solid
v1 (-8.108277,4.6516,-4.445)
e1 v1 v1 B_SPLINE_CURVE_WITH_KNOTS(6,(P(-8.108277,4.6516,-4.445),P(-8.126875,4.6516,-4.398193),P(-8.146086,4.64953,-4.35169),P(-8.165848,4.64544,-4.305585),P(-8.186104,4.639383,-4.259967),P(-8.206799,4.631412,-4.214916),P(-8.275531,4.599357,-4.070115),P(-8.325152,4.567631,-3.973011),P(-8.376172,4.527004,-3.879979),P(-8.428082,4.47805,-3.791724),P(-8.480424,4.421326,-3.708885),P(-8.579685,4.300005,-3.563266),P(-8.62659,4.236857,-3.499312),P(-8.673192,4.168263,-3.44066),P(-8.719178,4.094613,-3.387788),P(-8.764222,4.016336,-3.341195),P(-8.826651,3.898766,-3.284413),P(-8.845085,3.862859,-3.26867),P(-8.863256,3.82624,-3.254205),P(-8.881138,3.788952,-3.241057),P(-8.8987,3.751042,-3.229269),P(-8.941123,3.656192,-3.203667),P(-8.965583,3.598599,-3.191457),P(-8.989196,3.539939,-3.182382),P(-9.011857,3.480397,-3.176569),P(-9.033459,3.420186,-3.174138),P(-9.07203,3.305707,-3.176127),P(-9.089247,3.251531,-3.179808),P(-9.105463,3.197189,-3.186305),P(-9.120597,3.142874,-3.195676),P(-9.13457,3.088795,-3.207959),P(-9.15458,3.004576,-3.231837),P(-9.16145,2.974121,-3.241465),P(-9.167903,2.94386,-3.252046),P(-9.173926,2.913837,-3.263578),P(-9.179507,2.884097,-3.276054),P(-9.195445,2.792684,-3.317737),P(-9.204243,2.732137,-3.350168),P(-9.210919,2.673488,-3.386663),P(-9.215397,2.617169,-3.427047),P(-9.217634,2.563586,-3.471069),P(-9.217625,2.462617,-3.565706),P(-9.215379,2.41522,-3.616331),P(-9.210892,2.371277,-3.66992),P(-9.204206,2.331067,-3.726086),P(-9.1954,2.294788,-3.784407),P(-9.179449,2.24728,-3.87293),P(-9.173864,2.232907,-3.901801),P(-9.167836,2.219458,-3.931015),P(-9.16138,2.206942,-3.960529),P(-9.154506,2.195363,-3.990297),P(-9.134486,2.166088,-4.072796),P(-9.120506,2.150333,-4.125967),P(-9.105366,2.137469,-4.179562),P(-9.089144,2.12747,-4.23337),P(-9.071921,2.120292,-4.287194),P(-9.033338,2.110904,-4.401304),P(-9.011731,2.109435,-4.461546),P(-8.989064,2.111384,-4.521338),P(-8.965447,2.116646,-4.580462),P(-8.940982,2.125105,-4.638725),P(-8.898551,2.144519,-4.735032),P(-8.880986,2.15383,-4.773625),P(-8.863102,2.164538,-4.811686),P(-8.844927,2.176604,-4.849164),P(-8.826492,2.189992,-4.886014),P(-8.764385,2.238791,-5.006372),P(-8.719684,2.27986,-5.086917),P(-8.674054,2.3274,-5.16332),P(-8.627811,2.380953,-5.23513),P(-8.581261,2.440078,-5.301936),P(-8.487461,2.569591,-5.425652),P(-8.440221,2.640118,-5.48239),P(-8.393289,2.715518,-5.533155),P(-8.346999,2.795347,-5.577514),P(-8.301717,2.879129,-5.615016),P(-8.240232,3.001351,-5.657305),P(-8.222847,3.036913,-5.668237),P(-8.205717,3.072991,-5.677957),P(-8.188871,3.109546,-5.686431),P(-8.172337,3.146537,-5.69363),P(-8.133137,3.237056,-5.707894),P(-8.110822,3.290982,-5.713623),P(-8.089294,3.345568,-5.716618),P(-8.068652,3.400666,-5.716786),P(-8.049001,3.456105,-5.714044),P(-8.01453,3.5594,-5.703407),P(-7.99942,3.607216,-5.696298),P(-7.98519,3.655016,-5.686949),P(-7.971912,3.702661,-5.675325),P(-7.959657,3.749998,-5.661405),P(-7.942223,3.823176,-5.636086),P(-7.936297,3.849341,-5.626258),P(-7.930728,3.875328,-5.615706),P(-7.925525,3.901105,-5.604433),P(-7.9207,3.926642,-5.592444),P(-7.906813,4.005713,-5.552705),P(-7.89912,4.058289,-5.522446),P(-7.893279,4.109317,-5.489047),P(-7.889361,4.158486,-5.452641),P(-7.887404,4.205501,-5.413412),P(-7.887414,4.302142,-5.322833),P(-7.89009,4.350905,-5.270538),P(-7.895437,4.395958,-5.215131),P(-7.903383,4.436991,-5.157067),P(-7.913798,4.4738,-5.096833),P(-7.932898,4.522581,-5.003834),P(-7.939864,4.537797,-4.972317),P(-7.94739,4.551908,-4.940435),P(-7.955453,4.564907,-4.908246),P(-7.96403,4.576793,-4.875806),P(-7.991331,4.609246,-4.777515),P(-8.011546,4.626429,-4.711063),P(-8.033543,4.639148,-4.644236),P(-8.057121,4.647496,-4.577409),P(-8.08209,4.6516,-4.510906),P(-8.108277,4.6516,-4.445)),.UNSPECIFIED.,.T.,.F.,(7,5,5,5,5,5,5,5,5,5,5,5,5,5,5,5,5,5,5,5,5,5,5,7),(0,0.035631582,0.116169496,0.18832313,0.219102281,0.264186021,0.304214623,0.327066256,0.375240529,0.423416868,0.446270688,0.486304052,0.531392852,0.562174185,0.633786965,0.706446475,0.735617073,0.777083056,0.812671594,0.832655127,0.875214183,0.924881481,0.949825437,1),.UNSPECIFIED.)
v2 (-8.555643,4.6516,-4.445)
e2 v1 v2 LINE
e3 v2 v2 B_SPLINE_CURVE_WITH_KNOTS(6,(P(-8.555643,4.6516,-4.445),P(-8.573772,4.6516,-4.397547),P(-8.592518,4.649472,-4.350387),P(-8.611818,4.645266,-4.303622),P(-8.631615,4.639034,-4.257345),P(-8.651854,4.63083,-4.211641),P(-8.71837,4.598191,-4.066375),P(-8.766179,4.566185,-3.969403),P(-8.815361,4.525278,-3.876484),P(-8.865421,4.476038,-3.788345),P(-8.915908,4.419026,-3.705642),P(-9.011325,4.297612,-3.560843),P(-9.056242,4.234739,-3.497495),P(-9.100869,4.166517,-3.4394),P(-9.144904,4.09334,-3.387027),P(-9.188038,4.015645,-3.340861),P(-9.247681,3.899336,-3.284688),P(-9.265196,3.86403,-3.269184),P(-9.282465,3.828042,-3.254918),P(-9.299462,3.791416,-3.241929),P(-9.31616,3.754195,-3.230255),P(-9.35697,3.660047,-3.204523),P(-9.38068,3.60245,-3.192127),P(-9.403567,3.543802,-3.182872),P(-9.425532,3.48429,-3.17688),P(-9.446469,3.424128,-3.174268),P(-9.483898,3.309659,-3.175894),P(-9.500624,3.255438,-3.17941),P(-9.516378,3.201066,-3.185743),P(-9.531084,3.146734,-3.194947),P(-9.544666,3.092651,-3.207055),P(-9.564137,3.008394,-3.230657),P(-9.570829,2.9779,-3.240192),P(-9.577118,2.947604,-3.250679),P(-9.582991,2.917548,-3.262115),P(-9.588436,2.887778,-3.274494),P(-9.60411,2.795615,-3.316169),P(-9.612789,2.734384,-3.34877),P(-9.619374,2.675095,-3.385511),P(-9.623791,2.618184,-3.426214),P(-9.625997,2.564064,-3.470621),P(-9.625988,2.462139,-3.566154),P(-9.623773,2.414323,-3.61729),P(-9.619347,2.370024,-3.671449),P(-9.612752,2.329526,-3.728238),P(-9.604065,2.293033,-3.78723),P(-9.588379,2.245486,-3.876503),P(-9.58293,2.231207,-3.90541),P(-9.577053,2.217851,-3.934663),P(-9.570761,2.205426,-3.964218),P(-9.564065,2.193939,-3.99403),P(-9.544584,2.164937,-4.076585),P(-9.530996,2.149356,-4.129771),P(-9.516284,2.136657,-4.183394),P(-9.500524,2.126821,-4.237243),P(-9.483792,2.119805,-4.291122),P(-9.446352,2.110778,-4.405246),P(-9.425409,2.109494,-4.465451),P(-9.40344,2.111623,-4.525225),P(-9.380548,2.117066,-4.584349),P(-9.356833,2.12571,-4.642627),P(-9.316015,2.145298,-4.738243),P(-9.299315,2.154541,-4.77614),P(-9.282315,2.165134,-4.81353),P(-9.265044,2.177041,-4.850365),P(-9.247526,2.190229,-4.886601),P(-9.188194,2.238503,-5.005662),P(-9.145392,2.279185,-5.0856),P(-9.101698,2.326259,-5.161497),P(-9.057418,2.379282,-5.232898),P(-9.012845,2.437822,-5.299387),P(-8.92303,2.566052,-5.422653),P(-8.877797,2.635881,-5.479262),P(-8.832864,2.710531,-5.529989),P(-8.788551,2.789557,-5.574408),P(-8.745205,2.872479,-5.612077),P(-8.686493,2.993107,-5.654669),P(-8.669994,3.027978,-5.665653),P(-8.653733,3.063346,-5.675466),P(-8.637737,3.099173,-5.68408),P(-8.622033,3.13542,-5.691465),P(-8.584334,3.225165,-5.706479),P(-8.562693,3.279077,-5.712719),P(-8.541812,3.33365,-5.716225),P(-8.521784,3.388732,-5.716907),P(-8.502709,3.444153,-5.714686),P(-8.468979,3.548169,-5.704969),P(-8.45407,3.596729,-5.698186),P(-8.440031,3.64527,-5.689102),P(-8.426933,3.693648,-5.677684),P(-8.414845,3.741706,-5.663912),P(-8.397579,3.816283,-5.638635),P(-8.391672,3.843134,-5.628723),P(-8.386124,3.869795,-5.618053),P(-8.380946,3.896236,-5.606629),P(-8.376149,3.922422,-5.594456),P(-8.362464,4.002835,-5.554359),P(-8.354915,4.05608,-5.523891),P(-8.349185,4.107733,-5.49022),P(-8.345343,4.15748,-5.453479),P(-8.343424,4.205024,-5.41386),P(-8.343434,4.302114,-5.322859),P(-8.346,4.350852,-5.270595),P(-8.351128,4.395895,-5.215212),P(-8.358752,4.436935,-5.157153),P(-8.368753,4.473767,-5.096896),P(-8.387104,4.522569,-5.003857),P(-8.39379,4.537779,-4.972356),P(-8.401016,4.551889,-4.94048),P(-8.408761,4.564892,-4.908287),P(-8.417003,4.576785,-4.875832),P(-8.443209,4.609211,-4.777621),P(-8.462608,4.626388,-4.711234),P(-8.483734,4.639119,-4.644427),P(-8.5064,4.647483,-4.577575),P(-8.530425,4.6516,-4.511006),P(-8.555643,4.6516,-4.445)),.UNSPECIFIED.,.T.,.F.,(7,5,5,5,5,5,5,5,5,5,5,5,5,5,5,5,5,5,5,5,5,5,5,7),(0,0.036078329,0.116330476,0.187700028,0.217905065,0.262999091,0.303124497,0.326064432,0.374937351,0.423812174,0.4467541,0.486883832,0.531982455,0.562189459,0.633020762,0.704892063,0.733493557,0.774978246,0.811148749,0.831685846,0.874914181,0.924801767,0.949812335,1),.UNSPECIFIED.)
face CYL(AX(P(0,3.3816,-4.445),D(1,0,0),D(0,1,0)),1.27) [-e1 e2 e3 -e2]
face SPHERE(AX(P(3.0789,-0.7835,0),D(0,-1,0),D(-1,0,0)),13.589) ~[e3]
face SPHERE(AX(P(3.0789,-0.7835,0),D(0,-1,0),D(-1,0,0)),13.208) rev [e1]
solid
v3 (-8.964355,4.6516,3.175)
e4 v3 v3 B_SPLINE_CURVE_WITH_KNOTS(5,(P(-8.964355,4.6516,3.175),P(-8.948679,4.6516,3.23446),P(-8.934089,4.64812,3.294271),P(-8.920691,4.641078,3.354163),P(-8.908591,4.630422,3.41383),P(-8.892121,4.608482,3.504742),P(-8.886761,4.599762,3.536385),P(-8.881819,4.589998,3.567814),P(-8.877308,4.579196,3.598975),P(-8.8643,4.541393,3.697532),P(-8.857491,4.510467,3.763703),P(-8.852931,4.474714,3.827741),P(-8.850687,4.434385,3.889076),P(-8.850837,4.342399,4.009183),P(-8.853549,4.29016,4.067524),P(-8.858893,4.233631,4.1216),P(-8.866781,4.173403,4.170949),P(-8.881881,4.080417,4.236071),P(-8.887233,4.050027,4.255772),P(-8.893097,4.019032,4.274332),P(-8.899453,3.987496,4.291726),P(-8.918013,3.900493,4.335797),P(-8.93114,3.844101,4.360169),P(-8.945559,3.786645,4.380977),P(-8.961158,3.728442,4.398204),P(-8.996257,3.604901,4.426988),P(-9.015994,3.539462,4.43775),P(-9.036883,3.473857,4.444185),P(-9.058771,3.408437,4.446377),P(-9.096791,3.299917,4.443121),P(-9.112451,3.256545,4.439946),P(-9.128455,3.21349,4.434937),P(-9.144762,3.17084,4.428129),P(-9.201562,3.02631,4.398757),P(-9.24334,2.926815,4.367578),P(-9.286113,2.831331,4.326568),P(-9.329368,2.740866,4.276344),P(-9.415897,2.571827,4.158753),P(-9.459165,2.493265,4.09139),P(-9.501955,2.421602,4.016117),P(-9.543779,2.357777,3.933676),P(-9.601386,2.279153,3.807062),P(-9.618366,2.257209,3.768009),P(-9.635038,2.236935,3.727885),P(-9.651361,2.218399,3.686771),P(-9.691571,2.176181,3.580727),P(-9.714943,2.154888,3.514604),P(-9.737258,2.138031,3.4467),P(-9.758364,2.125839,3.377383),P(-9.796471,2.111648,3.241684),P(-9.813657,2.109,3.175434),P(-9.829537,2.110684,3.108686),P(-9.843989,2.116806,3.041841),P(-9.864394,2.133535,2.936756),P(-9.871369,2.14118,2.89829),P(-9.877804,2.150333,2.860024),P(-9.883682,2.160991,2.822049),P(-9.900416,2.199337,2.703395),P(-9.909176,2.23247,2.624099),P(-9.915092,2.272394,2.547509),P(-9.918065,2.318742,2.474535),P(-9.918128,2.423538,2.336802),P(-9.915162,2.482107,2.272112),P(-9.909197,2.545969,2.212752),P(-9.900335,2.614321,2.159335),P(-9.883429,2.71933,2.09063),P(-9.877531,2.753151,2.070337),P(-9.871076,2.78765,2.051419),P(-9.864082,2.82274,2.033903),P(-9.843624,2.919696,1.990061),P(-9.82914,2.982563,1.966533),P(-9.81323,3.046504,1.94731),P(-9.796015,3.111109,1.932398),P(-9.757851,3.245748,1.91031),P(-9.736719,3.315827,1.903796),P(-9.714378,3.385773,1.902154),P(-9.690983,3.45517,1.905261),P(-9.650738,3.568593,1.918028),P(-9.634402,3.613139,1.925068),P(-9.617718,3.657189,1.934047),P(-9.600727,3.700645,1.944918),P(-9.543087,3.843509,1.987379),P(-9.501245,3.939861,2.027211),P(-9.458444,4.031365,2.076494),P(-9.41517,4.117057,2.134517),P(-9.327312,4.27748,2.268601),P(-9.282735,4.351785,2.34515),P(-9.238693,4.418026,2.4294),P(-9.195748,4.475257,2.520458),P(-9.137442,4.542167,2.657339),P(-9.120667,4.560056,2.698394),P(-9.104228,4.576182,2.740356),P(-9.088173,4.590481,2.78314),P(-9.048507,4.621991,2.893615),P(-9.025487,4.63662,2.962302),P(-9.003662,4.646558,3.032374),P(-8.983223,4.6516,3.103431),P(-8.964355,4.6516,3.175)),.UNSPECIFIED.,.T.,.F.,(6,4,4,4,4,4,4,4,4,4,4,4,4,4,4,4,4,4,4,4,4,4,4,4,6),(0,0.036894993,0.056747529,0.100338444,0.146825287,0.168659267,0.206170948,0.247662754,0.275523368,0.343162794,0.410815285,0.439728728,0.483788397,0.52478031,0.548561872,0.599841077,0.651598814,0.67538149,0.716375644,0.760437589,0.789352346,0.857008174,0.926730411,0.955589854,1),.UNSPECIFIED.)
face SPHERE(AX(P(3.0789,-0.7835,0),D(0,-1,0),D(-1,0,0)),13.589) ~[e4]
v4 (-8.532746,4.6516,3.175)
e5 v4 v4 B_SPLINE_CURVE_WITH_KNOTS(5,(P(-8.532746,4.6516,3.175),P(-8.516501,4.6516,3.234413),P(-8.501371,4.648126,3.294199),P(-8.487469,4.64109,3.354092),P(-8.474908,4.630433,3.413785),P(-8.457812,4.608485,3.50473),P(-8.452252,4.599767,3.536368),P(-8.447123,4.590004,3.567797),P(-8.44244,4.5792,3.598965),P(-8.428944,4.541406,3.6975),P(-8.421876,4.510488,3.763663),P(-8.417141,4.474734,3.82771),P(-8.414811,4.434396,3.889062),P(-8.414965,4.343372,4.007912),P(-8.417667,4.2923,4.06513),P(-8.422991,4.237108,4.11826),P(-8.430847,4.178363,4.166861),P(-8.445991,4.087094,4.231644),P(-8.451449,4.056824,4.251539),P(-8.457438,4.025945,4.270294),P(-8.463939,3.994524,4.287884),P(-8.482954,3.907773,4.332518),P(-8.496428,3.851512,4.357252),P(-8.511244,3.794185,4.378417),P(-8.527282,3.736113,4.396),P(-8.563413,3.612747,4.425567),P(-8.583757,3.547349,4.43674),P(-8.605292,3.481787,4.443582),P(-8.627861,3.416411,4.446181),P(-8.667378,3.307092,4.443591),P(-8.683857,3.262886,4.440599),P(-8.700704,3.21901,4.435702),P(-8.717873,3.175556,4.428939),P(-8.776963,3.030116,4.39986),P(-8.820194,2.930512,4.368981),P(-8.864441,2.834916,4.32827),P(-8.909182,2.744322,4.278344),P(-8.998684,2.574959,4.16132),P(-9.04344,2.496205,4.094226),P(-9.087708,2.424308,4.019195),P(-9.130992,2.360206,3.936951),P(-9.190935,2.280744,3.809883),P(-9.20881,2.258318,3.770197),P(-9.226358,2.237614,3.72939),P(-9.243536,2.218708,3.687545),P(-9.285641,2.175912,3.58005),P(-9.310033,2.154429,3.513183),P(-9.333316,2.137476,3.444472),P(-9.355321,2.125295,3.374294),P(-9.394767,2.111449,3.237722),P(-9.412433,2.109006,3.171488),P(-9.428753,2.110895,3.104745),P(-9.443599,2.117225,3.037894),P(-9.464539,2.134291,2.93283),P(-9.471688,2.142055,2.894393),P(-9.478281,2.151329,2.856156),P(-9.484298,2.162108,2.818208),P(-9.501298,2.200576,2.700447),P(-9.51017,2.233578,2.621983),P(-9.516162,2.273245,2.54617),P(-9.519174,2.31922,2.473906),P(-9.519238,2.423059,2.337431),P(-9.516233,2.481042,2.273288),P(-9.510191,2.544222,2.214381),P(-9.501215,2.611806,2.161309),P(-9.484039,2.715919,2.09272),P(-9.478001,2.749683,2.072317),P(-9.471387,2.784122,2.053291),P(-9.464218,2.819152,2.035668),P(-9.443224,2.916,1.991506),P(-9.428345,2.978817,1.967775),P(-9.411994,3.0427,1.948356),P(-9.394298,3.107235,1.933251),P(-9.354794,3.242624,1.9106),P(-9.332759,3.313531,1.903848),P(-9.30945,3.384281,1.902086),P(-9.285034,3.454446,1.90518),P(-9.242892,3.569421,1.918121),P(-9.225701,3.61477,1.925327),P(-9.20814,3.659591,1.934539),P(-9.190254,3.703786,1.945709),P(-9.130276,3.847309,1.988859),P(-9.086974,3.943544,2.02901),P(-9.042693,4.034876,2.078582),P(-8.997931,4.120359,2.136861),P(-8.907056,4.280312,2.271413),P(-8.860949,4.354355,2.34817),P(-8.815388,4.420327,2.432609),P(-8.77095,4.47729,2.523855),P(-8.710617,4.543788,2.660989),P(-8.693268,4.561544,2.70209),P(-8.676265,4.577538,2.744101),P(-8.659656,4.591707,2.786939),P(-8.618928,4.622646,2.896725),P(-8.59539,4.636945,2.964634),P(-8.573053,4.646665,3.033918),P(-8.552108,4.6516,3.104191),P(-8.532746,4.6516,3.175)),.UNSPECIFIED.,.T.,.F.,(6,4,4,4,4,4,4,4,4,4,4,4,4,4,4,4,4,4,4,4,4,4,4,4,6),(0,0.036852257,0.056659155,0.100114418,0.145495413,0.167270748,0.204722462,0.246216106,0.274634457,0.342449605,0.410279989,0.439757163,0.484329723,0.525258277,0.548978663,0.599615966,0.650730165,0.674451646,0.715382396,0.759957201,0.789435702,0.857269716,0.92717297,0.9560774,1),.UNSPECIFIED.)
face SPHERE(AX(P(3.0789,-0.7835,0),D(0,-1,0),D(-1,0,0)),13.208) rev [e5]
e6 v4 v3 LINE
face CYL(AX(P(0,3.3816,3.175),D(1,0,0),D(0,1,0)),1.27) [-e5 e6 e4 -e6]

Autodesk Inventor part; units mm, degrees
ref_plane "YZ Plane" through (0, 0, 0) normal (1, 0, 0) x (0, 1, 0)
ref_plane "XZ Plane" through (0, 0, 0) normal (0, 1, 0) x (-1, 0, 0)
ref_plane "XY Plane" through (0, 0, 0) normal (0, 0, 1) x (1, 0, 0)
sketch "Sketch1" plane through (0, 0, 0) normal (0, 0, 1) x (1, 0, 0)
  arc A0 (15.7789, -0.7835) -> (-9.6211, -0.7835) centre (3.0789, -0.7835) ccw
  spline S0 degree 3 poles (-9.1745, 1.7565) (-9.0723, 1.7565) (-8.9373, 1.8236) (-8.63, 2.0798) (-8.4577, 2.2685) (-8.1133, 2.7045) (-7.9142, 2.9901) (-7.5231, 3.6209) (-7.3311, 3.966) (-7.0154, 4.6029) (-6.8667, 4.9394) (-6.6393, 5.5737) (-6.5613, 5.8715) (-6.5035, 6.3359) (-6.5169, 6.5286) (-6.6312, 6.7787) (-6.7314, 6.8365) (-6.975, 6.8365) (-7.1386, 6.7682) (-7.4932, 6.5076) (-7.6841, 6.3151) (-8.0407, 5.8773) (-8.2339, 5.5973) (-8.5975, 4.9726) (-8.7679, 4.628) (-9.0388, 3.9886) (-9.1606, 3.651) (-9.3412, 3.0185) (-9.4002, 2.7237) (-9.4452, 2.2635) (-9.436, 2.0696) (-9.3485, 1.8162) (-9.2701, 1.7565) (-9.1745, 1.7565) knots 0 0 0 0 0.103206 0.103206 0.206413 0.206413 0.317066 0.317066 0.427718 0.427718 0.530317 0.530317 0.632916 0.632916 0.730045 0.730045 0.827173 0.827173 0.933966 0.933966 1.040759 1.040759 1.148764 1.148764 1.256768 1.256768 1.357087 1.357087 1.457406 1.457406 1.554012 1.554012 1.650618 1.650618 1.650618 1.650618 projected
  point P0 (0, 0)
  point P1 (-9.1745, 1.7565)
sketch "Sketch2" plane through (0, 0, 0) normal (1, 0, 0) x (0, 1, 0)
  spline S0 degree 3 poles (1.7565, -3.81) (1.7565, -3.5032) (1.816, -3.168) (2.069, -2.5437) (2.2628, -2.2547) (2.7236, -1.7877) (3.0191, -1.5881) (3.652, -1.3295) (3.9893, -1.27) (4.6288, -1.27) (4.9736, -1.3386) (5.5979, -1.6026) (5.8774, -1.7977) (6.3145, -2.237) (6.5069, -2.5144) (6.7679, -3.1342) (6.8365, -3.4766) (6.8365, -4.1107) (6.7793, -4.4424) (6.5301, -5.065) (6.3376, -5.3558) (5.8718, -5.8318) (5.5729, -6.0326) (4.938, -6.2914) (4.6019, -6.35) (3.9654, -6.35) (3.62, -6.2822) (2.9885, -6.0142) (2.7025, -5.8139) (2.2675, -5.3672) (2.0795, -5.0934) (1.8238, -4.4794) (1.7565, -4.139) (1.7565, -3.81) knots 0 0 0 0 0.096675 0.096675 0.193351 0.193351 0.293983 0.293983 0.394615 0.394615 0.503491 0.503491 0.612368 0.612368 0.720266 0.720266 0.828164 0.828164 0.925474 0.925474 1.022784 1.022784 1.126104 1.126104 1.229423 1.229423 1.341412 1.341412 1.453401 1.453401 1.557082 1.557082 1.660763 1.660763 1.660763 1.660763 projected
  spline S1 degree 3 poles (1.7565, 3.81) (1.7565, 4.139) (1.8238, 4.4794) (2.0795, 5.0934) (2.2675, 5.3672) (2.7025, 5.8139) (2.9885, 6.0142) (3.62, 6.2822) (3.9654, 6.35) (4.6019, 6.35) (4.938, 6.2914) (5.5729, 6.0326) (5.8718, 5.8318) (6.3376, 5.3558) (6.5301, 5.065) (6.7793, 4.4424) (6.8365, 4.1107) (6.8365, 3.4766) (6.7679, 3.1342) (6.5069, 2.5144) (6.3145, 2.237) (5.8774, 1.7977) (5.5979, 1.6026) (4.9736, 1.3386) (4.6288, 1.27) (3.9893, 1.27) (3.652, 1.3295) (3.0191, 1.5881) (2.7236, 1.7877) (2.2628, 2.2547) (2.069, 2.5437) (1.816, 3.168) (1.7565, 3.5032) (1.7565, 3.81) knots 0 0 0 0 0.103681 0.103681 0.207362 0.207362 0.319351 0.319351 0.431339 0.431339 0.534659 0.534659 0.637979 0.637979 0.735288 0.735288 0.832598 0.832598 0.940496 0.940496 1.048394 1.048394 1.157271 1.157271 1.266148 1.266148 1.36678 1.36678 1.467412 1.467412 1.564087 1.564087 1.660763 1.660763 1.660763 1.660763 projected
  line L0 (6.8365, 3.81) -> (1.7565, 3.81)
  line L1 (6.8365, -3.81) -> (1.7565, -3.81)
  line L2 (4.2706, 6.3499) -> (4.2706, -6.3499)
  circle A0 centre (3.3816, 3.175) radius 1.27
  circle A1 centre (3.3816, -4.445) radius 1.27
  point P0 (0, 0)
  dimension "d0" = 2.54
  dimension "d1" = 2.54
  dimension "d2" = 0.635
  dimension "d3" = 0.635
  dimension "d4" = 0.889
  dimension "d5" = 0.889
extrude "Extrusion1" add sketch "Sketch2" against normal blind 25.4 contours A1 L2 L1 | L1 L2 A1 | A1 L1 L2 | L2 L1 A1 | A0 L0 L2 | L2 L0 A0 | L0 L2 A0 | A0 L2 L0
sketch "Sketch3" plane through (0, 0, 0) normal (0, 0, 1) x (1, 0, 0)
  arc A0 (15.7789, -0.7835) -> (-9.6211, -0.7835) centre (3.0789, -0.7835) ccw projected
  spline S0 degree 3 poles (-9.1745, 1.7565) (-9.0723, 1.7565) (-8.9373, 1.8236) (-8.63, 2.0798) (-8.4577, 2.2685) (-8.1133, 2.7045) (-7.9142, 2.9901) (-7.5231, 3.6209) (-7.3311, 3.966) (-7.0154, 4.6029) (-6.8667, 4.9394) (-6.6393, 5.5737) (-6.5613, 5.8715) (-6.5035, 6.3359) (-6.5169, 6.5286) (-6.6312, 6.7787) (-6.7314, 6.8365) (-6.975, 6.8365) (-7.1386, 6.7682) (-7.4932, 6.5076) (-7.6841, 6.3151) (-8.0407, 5.8773) (-8.2339, 5.5973) (-8.5975, 4.9726) (-8.7679, 4.628) (-9.0388, 3.9886) (-9.1606, 3.651) (-9.3412, 3.0185) (-9.4002, 2.7237) (-9.4452, 2.2635) (-9.436, 2.0696) (-9.3485, 1.8162) (-9.2701, 1.7565) (-9.1745, 1.7565) knots 0 0 0 0 0.103206 0.103206 0.206413 0.206413 0.317066 0.317066 0.427718 0.427718 0.530317 0.530317 0.632916 0.632916 0.730045 0.730045 0.827173 0.827173 0.933966 0.933966 1.040759 1.040759 1.148764 1.148764 1.256768 1.256768 1.357087 1.357087 1.457406 1.457406 1.554012 1.554012 1.650618 1.650618 1.650618 1.650618 projected
  circle A1 centre (3.0789, -0.7835) radius 13.589
  line L0 (3.0789, -0.7835) -> (3.0789, 12.8055)
  line L1 (3.0789, -0.7835) -> (-10.5101, -0.7835)
  line L2 (-10.5101, -0.7835) -> (-9.6211, -0.7835)
  line L3 (3.0789, 11.9165) -> (3.0789, 12.8055)
  arc A2 (3.0789, 12.8055) -> (-10.5101, -0.7835) centre (3.0789, -0.7835) ccw
  arc A3 (3.0789, 11.9165) -> (-9.6211, -0.7835) centre (3.0789, -0.7835) ccw
  circle A4 centre (3.0789, -0.7835) radius 13.208
  line L4 (3.0789, 12.8055) -> (3.0789, 12.4245)
  line L5 (-10.5101, -0.7835) -> (-10.1291, -0.7835)
  point P0 (0, 0)
  point P1 (-9.1745, 1.7565)
  dimension "d8" = 0.889
  dimension "d10" = 0.508
revolve "Revolution1" cut sketch "Sketch3" angle 360 about axis through (3.0789, -0.7835, 0) along (0, 1, 0) keep common part picked at (-1.8046, 11.6804) contours A4 L1 A1 L0
equation "\"d3\" = d2"
equation "\"d5\" = d4"
properties part number "GhostIrisi"
